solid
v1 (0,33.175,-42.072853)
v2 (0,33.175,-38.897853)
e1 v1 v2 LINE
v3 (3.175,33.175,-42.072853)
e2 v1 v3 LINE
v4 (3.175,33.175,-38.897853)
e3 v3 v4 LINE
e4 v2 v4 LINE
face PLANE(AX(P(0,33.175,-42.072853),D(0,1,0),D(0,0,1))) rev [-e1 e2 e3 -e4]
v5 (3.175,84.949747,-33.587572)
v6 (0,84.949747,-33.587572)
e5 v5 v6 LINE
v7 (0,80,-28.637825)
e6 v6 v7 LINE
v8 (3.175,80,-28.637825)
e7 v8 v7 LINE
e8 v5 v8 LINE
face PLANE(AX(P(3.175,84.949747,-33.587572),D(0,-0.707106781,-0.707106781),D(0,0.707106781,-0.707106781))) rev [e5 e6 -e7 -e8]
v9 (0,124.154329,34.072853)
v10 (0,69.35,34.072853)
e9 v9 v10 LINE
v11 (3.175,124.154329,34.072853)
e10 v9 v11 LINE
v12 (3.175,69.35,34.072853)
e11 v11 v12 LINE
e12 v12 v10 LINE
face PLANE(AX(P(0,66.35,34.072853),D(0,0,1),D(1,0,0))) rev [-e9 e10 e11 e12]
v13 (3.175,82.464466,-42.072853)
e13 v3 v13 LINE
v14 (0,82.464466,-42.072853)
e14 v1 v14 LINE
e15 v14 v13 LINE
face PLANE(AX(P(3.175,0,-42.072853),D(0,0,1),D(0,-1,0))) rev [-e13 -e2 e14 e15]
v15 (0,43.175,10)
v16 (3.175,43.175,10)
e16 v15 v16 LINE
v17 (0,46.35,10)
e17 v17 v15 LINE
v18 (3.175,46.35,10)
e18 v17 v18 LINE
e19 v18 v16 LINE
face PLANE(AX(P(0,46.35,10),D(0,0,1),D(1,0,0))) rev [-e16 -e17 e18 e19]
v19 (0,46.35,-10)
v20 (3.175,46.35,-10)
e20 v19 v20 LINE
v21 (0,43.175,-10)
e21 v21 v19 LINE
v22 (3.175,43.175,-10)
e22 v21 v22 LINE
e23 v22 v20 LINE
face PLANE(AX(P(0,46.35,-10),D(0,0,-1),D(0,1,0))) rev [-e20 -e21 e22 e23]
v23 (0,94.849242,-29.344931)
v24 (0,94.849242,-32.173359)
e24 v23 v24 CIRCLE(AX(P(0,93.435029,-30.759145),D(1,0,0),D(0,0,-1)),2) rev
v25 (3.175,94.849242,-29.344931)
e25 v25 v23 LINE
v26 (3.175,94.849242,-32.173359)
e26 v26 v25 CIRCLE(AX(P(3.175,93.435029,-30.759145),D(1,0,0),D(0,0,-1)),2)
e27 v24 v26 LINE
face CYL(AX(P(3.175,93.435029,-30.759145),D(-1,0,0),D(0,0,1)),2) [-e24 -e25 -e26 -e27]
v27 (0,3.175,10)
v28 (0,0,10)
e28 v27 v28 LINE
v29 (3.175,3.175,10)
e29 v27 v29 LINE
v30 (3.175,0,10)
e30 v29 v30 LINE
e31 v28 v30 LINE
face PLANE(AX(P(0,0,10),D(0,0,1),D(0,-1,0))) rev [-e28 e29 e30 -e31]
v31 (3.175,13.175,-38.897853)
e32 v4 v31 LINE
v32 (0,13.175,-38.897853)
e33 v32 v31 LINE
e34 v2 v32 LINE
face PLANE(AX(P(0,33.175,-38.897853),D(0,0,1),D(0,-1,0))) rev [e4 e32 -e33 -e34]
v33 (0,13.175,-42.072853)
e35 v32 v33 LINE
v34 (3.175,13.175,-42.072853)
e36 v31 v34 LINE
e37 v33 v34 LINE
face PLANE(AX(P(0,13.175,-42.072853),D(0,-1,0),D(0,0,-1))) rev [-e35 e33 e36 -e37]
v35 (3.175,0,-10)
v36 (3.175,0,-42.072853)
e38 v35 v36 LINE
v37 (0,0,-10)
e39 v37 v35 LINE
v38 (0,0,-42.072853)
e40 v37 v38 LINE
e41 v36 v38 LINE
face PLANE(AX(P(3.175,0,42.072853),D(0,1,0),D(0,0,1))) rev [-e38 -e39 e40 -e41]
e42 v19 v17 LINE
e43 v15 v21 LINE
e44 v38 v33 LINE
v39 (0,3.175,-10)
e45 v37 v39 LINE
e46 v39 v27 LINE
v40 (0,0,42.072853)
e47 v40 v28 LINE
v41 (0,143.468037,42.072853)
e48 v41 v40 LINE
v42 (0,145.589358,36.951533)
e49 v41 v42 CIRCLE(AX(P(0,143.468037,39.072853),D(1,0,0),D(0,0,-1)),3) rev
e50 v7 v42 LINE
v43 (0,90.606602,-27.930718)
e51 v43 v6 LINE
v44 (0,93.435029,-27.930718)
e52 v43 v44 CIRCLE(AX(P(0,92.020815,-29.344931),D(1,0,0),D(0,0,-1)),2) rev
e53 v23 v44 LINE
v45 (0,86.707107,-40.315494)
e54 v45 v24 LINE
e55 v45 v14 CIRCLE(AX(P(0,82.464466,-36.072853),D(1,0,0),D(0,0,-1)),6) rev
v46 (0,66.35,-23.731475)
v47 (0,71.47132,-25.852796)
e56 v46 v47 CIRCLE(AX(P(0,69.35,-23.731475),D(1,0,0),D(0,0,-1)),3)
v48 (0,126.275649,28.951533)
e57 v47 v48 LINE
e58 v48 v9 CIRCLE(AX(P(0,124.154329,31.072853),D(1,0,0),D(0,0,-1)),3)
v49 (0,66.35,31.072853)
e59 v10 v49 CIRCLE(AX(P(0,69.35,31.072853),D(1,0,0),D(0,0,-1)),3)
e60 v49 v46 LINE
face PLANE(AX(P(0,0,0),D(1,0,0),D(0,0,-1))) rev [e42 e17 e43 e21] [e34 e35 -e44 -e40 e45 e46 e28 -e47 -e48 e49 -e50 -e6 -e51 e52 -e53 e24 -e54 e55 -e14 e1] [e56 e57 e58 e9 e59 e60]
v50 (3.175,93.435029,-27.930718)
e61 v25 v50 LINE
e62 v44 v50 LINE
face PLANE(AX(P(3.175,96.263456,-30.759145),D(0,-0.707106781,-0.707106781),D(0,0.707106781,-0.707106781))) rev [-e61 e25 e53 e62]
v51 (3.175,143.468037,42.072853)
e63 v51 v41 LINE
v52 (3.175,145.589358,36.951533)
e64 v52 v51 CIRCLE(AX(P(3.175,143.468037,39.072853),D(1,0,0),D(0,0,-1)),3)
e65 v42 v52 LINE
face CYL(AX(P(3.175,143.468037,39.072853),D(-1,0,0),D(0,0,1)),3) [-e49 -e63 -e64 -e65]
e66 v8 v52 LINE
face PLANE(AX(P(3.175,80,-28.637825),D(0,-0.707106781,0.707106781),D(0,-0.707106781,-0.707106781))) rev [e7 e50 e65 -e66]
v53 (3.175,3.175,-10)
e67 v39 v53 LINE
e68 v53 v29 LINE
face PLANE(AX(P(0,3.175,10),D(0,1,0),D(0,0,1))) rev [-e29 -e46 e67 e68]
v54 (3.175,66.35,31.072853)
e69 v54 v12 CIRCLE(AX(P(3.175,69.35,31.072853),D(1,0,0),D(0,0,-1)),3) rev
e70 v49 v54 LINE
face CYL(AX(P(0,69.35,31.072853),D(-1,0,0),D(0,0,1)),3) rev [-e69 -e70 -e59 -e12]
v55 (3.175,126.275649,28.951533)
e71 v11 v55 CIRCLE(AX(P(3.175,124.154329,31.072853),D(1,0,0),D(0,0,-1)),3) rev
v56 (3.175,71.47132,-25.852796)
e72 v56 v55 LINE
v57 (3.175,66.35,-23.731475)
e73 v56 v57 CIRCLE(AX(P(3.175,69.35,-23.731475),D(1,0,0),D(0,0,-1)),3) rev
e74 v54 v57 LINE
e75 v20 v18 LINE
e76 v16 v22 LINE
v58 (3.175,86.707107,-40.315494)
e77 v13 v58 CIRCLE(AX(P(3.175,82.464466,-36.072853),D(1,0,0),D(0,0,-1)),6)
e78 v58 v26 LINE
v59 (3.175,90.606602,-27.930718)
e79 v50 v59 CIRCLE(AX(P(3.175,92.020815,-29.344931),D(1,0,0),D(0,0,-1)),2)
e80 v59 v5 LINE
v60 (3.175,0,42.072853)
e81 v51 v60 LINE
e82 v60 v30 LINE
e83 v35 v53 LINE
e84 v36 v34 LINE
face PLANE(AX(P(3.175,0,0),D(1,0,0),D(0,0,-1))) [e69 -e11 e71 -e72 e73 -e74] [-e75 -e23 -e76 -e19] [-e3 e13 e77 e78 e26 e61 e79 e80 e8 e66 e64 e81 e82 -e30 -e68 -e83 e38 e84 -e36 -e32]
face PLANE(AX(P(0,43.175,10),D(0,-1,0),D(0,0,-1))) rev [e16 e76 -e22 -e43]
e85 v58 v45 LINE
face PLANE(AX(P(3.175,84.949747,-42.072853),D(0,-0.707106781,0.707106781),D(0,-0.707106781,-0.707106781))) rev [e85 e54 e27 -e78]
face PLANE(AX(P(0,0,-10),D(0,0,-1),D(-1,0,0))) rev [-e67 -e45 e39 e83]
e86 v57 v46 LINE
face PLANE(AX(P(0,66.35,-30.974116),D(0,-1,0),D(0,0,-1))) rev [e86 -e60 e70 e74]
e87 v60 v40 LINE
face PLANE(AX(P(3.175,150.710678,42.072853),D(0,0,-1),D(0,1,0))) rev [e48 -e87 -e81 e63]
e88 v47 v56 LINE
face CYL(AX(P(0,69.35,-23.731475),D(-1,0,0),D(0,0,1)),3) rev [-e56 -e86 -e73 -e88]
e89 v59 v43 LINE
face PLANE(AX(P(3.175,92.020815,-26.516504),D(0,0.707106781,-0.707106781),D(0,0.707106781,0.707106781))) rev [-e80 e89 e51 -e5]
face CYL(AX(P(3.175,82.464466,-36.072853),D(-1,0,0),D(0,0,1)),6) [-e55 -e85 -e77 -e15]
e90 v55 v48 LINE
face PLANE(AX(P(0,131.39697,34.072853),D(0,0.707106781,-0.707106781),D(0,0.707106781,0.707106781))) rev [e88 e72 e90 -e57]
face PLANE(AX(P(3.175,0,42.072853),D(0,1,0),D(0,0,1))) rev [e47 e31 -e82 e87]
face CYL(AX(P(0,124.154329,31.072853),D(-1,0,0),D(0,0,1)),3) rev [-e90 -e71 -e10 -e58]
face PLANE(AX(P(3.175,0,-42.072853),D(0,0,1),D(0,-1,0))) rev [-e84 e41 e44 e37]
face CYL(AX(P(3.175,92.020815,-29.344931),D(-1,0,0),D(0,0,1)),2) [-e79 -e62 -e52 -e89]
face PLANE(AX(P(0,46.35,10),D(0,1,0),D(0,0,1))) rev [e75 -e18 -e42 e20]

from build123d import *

# Parameters (mm, degrees)
BOSS_EXTRU_1_DEPTH      = 3.175
ESQUISSE2_W             = 20
ESQUISSE2_H             = 3.175
ESQUISSE2_W_2           = 3.175
ESQUISSE2_H_2           = 20
ENL_V_MAT_EXTRU_1_DEPTH = 157.5053166
CONG_1_R                = 6
CONG_2_R                = 2
ENL_V_MAT_EXTRU_2_DEPTH = 157.5053166
CONG_4_R                = 3


with BuildPart() as part:
    # Esquisse1 → Boss.-Extru.1 (new body)
    with BuildSketch(Plane(origin=(0, 0, 0), x_dir=(0, 0, -1), z_dir=(1, 0, 0))):
        Polygon((-42.072853481, 0), (42.072853481, 0), (42.072853481, 84.949747468), (30.759144982, 96.263455967), (26.516504294, 92.02081528), (33.587572106, 84.949747468), (28.637824638, 80), (-42.072853481, 150.710678119), align=None)
    extrude(amount=BOSS_EXTRU_1_DEPTH)

    # Esquisse2 → Enlèv. mat.-Extru.1 (cut, through all)
    with BuildSketch(Plane(origin=(3.175, 0, 0), x_dir=(0, 0, -1), z_dir=(1, 0, 0))):
        with Locations((0, 1.5875)):
            Rectangle(ESQUISSE2_W, ESQUISSE2_H)
        with Locations((0, 44.7625)):
            Rectangle(ESQUISSE2_W, ESQUISSE2_H)
        with Locations((40.485353481, 23.175)):
            Rectangle(ESQUISSE2_W_2, ESQUISSE2_H_2)
    extrude(amount=-ENL_V_MAT_EXTRU_1_DEPTH, mode=Mode.SUBTRACT)

    # Congé1
    cong_1_edges = [part.edges().sort_by_distance(p)[0] for p in [
        (1.5875, 84.949747468, -42.072853481),
    ]]
    fillet(cong_1_edges, radius=CONG_1_R)

    # Congé2
    cong_2_edges = [part.edges().sort_by_distance(p)[0] for p in [
        (1.5875, 92.02081528, -26.516504294),
        (1.5875, 96.263455967, -30.759144982),
    ]]
    fillet(cong_2_edges, radius=CONG_2_R)

    # Esquisse4 → Enlèv. mat.-Extru.2 (cut, through all)
    with BuildSketch(Plane(origin=(3.175, 0, 0), x_dir=(0, 0, -1), z_dir=(1, 0, 0))):
        Polygon((30.974116139, 66.35), (-34.072853481, 66.35), (-34.072853481, 131.39696962), align=None)
    extrude(amount=-ENL_V_MAT_EXTRU_2_DEPTH, mode=Mode.SUBTRACT)

    # Congé4
    cong_4_edges = [part.edges().sort_by_distance(p)[0] for p in [
        (1.5875, 150.710678119, 42.072853481),
        (1.5875, 131.39696962, 34.072853481),
        (1.5875, 66.35, -30.974116139),
        (1.5875, 66.35, 34.072853481),
    ]]
    fillet(cong_4_edges, radius=CONG_4_R)


solid = part.part
